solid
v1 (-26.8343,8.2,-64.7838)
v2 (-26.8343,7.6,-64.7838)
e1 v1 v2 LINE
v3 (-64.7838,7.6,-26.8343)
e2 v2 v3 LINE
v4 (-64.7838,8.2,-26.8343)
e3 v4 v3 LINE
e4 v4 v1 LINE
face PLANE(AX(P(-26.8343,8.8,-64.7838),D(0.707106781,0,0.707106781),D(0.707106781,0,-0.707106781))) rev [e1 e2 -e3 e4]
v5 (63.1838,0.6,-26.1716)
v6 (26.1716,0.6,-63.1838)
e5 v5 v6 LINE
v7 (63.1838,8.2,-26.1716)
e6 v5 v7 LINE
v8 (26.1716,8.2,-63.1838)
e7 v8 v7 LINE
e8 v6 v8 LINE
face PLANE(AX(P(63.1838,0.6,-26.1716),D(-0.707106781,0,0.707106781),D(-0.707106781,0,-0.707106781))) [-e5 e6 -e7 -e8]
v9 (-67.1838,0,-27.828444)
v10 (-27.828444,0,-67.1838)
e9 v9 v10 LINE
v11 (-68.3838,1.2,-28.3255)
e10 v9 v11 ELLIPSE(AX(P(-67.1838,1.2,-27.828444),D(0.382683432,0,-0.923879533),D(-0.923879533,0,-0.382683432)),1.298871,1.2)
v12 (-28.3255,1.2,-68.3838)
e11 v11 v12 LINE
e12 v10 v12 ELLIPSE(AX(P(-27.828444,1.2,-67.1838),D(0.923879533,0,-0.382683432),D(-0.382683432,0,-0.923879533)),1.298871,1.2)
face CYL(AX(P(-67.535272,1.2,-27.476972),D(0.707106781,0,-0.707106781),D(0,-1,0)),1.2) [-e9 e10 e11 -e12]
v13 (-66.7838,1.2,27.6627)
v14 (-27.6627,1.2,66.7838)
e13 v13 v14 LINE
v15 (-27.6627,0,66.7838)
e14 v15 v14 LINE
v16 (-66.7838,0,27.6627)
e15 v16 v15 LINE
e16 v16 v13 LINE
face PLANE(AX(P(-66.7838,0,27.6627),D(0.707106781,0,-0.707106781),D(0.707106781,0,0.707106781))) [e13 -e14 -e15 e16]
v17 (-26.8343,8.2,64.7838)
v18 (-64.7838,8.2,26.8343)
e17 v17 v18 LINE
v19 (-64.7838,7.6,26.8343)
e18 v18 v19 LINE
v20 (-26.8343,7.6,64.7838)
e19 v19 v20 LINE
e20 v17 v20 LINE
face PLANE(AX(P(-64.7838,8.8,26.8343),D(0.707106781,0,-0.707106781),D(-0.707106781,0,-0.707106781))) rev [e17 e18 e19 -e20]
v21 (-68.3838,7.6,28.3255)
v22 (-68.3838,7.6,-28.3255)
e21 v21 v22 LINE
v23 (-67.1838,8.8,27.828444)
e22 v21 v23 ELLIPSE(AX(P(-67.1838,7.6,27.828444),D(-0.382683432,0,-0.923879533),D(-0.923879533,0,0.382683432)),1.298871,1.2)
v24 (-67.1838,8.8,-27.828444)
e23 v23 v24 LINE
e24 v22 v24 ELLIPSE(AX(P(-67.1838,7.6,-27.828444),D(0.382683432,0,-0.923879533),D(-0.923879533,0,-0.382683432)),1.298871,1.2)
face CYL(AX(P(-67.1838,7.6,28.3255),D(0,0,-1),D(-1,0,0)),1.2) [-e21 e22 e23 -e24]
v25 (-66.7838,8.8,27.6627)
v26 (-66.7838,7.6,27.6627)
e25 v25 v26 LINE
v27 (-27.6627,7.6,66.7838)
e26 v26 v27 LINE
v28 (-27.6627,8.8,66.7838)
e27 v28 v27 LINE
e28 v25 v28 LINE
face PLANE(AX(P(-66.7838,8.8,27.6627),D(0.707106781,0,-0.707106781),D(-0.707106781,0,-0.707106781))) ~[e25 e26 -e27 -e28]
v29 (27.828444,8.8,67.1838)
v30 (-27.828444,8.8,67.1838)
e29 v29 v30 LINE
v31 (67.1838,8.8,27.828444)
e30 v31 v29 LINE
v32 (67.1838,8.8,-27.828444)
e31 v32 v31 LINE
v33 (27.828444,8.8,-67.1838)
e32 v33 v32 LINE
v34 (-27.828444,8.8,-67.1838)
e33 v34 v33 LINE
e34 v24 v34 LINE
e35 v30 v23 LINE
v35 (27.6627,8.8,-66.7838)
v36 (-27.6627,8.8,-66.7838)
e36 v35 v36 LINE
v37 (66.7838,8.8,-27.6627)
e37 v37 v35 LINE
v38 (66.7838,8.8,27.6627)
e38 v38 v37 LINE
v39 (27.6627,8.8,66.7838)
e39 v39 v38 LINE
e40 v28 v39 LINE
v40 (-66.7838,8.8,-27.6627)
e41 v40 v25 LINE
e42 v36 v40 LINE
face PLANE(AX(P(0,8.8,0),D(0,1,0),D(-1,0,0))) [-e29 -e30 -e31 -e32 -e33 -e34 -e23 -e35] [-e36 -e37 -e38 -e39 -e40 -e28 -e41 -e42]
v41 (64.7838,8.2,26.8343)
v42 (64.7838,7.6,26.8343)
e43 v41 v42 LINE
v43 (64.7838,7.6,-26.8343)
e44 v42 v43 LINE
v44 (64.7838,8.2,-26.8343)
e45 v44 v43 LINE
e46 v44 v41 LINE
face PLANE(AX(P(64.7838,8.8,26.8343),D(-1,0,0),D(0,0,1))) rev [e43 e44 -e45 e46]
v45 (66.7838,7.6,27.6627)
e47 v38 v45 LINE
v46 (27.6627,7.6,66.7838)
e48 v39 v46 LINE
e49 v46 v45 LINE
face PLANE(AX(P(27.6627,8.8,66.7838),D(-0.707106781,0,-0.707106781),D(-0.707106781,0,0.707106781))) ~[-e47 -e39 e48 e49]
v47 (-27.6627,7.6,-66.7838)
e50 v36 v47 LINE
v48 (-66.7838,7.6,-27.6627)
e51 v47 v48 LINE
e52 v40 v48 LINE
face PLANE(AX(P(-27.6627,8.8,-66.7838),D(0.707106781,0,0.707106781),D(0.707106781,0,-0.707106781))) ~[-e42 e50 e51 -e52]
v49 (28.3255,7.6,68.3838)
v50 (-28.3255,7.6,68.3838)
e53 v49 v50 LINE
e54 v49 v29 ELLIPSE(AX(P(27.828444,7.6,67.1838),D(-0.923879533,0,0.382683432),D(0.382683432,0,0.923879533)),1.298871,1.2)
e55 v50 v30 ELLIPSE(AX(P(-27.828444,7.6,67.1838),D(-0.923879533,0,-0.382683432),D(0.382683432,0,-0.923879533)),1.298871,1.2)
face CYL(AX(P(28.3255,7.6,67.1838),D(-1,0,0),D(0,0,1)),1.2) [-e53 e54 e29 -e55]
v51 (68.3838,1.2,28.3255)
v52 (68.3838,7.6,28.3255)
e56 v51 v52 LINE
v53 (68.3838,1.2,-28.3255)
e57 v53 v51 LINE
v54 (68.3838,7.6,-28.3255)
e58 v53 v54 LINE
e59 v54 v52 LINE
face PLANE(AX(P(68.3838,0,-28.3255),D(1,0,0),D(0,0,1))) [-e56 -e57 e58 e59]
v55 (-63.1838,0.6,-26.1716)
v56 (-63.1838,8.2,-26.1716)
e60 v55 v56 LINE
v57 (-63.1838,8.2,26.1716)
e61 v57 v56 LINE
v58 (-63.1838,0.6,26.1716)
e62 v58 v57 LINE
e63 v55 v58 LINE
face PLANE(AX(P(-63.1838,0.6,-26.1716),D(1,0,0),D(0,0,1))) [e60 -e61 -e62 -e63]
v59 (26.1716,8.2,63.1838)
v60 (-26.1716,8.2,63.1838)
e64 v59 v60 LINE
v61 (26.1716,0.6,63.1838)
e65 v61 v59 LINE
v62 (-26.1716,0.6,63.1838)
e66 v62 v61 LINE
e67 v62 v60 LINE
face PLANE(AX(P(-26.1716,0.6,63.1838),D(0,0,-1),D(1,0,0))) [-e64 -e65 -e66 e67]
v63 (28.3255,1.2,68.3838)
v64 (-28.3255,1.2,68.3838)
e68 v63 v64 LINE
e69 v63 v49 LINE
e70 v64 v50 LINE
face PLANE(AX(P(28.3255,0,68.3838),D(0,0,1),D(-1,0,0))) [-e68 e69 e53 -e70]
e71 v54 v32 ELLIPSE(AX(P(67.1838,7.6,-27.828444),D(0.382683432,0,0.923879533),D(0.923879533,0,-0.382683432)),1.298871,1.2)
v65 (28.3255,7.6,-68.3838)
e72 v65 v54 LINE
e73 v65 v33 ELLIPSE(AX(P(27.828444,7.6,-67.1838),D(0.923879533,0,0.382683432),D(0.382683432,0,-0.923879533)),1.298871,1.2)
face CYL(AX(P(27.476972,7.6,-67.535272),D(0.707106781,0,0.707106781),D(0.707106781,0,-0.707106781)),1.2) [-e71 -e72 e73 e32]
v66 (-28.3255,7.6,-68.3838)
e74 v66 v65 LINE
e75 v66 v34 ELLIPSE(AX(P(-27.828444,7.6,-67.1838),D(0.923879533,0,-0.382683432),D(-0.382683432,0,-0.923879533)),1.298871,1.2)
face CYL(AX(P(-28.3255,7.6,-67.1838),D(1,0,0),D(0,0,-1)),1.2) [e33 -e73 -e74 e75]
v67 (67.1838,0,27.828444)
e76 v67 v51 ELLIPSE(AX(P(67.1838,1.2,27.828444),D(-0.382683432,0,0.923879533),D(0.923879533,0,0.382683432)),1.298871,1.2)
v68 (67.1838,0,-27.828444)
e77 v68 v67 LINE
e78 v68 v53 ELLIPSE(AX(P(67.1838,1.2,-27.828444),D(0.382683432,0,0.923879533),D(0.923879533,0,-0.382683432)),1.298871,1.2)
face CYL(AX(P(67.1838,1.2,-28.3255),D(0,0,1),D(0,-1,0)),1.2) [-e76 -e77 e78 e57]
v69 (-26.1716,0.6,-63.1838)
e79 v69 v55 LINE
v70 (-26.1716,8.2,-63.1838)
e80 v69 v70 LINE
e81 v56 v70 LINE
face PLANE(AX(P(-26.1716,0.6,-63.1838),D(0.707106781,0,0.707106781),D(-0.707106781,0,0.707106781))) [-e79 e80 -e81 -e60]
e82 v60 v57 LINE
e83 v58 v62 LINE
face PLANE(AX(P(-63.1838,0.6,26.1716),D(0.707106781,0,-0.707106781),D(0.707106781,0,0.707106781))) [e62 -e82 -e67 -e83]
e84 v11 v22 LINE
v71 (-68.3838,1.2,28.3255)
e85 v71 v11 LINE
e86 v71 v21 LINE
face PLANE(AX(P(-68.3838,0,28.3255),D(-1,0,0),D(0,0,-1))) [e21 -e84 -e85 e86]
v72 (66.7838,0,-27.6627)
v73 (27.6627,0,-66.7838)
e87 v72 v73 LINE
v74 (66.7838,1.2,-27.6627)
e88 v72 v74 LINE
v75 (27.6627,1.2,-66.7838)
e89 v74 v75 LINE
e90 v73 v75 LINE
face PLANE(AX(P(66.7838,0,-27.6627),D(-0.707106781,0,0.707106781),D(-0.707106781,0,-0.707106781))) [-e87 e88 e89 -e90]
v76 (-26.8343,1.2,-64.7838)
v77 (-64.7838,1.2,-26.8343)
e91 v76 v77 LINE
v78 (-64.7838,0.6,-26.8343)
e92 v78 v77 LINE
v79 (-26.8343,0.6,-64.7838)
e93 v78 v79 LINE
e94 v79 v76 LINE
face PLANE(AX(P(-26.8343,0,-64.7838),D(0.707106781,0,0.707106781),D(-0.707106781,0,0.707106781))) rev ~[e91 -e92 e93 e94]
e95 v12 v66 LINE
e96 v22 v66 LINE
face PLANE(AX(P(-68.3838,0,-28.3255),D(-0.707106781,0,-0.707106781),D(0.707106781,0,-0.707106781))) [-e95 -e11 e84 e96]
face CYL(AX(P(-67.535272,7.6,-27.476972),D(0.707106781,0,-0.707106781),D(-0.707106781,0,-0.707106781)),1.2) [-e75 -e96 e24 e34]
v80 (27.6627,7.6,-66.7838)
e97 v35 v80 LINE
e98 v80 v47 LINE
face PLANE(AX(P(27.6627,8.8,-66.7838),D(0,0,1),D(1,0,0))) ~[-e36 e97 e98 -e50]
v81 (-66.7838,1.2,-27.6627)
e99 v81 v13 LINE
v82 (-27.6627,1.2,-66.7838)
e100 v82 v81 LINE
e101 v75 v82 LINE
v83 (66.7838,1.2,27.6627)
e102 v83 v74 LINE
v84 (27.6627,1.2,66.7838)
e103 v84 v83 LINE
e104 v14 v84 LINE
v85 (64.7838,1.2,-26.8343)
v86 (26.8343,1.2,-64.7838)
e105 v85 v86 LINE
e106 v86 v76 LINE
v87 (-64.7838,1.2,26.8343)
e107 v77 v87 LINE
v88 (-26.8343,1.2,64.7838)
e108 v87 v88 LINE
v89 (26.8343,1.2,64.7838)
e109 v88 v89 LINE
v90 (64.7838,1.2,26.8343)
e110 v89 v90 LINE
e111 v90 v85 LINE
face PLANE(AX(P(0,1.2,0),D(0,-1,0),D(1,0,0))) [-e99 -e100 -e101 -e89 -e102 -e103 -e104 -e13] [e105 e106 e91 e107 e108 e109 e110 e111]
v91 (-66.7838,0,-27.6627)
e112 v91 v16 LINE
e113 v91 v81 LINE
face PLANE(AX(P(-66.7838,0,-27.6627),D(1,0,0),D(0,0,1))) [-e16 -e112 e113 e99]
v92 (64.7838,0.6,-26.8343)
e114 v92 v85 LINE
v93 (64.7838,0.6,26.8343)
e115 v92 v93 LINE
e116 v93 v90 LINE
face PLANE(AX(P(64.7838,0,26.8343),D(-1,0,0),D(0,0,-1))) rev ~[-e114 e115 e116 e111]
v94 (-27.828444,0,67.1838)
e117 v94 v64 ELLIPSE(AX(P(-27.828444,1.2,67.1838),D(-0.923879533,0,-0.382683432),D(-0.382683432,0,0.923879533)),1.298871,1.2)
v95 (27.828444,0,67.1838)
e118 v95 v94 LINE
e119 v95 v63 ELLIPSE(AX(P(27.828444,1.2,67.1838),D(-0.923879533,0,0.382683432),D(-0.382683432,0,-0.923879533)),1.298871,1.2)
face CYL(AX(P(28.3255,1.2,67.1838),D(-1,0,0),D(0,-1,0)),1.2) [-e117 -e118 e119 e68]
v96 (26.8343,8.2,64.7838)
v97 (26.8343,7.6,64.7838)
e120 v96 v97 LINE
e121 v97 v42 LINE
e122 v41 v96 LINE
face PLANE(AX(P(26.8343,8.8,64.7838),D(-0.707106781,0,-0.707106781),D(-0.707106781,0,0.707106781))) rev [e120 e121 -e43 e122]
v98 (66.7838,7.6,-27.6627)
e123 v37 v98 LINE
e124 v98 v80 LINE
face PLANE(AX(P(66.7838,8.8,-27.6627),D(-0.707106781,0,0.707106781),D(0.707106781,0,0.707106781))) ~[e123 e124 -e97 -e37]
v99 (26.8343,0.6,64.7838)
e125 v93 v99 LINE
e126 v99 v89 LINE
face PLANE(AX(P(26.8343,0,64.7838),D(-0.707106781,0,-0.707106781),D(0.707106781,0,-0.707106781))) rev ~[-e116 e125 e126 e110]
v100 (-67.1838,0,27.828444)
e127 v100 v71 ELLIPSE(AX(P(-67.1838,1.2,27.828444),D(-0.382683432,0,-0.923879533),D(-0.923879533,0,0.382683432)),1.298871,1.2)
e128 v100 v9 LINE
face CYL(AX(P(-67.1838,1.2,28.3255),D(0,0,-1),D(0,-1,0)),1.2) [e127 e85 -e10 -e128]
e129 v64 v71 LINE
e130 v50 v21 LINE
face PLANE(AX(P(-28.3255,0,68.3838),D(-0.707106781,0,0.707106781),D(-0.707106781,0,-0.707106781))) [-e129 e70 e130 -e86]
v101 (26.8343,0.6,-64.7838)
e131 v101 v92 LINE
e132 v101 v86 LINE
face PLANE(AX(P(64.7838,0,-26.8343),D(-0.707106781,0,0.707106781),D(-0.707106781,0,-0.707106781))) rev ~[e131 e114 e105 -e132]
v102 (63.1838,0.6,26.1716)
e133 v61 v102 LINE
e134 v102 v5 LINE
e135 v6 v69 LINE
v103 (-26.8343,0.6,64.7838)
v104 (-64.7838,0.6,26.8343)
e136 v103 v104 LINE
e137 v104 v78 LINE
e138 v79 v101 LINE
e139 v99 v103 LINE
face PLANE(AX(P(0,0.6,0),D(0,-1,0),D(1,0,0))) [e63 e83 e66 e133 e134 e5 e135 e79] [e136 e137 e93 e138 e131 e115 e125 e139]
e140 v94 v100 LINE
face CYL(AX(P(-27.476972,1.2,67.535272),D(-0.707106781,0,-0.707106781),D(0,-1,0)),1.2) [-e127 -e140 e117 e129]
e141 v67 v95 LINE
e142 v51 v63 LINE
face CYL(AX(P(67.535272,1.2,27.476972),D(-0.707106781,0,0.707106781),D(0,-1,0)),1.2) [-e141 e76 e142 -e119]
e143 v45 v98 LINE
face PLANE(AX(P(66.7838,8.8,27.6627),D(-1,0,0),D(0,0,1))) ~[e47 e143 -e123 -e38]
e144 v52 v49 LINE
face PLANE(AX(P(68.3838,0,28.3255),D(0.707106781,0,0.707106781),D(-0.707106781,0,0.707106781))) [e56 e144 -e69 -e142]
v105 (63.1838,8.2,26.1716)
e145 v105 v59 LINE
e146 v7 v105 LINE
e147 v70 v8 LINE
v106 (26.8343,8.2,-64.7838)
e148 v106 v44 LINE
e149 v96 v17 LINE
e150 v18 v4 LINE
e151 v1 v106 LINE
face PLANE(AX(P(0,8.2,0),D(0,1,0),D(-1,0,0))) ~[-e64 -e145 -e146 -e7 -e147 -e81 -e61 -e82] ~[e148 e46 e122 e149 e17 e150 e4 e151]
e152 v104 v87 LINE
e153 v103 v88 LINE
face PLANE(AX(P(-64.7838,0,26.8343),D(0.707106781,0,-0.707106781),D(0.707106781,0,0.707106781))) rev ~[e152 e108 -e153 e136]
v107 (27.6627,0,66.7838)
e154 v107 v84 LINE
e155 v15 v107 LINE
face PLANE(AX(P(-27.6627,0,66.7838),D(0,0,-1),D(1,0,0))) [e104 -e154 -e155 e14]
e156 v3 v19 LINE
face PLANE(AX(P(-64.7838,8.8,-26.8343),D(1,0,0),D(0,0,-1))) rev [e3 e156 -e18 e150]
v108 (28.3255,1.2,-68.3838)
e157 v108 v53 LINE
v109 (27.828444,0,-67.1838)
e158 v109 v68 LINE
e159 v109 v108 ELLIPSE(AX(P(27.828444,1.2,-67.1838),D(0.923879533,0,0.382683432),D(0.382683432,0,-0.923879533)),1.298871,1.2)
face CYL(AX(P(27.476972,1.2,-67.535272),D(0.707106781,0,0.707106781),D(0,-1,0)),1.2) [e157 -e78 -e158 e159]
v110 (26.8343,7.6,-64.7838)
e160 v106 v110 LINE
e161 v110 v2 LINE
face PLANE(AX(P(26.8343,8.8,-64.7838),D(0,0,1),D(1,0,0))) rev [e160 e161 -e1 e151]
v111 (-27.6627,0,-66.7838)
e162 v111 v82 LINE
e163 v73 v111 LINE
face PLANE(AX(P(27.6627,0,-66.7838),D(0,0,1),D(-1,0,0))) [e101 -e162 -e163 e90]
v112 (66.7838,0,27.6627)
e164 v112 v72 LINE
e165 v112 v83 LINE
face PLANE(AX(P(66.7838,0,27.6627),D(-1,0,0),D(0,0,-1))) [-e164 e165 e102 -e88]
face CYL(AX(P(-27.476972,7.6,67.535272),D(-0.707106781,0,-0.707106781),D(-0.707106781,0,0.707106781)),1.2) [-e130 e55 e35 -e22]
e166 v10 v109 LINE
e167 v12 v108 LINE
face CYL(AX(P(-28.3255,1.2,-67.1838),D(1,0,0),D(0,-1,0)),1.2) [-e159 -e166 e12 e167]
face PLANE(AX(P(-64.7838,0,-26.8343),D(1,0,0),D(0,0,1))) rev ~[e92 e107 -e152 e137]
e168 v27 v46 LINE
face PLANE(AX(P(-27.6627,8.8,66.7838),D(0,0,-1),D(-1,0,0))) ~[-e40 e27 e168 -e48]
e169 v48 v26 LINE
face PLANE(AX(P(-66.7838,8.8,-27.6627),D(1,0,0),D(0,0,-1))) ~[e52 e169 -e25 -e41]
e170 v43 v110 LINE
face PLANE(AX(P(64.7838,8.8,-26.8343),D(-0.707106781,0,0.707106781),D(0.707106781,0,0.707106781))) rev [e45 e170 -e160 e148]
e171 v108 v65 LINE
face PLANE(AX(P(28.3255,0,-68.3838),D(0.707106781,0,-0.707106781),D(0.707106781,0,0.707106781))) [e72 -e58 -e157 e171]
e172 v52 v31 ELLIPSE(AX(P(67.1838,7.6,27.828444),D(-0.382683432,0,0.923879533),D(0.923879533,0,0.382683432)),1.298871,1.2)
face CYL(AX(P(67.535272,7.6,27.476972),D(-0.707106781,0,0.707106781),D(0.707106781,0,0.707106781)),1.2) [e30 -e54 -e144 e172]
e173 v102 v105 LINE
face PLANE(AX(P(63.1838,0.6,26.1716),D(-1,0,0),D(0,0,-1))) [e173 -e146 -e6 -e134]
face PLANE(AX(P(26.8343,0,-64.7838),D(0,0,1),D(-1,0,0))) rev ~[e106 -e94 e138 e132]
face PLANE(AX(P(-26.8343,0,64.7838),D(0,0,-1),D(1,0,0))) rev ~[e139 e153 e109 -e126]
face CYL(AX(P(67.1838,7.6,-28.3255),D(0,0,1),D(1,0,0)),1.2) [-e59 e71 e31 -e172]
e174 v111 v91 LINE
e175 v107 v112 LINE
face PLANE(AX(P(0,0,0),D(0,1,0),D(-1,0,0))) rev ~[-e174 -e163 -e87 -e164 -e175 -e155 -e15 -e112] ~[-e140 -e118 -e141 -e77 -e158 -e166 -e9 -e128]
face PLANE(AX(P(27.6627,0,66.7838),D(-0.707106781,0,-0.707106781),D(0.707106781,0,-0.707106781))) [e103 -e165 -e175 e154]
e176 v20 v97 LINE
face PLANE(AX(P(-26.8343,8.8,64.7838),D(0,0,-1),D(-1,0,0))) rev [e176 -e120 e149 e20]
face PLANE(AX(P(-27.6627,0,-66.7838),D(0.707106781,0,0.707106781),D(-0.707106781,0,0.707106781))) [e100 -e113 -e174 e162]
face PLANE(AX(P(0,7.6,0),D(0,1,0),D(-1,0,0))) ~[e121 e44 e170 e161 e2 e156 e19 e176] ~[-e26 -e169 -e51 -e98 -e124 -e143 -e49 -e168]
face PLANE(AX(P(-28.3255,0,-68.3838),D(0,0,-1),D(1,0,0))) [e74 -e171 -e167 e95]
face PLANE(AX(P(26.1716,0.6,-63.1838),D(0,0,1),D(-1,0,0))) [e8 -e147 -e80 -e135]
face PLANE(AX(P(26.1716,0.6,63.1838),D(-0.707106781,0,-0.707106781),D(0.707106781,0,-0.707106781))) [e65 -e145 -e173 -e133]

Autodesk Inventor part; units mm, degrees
ref_plane "YZ Plane" through (0, 0, 0) normal (1, 0, 0) x (0, 1, 0)
ref_plane "XZ Plane" through (0, 0, 0) normal (0, 1, 0) x (-1, 0, 0)
sketch "스케치1" plane through (0, 0, 0) normal (0, 1, 0) x (-1, 0, 0)
  line L0 (-65.1838, 27) -> (-27, 65.1838)
  line L1 (-27, 65.1838) -> (27, 65.1838)
  line L2 (27, 65.1838) -> (65.1838, 27)
  line L3 (65.1838, 27) -> (65.1838, -27)
  line L4 (65.1838, -27) -> (27, -65.1838)
  line L5 (27, -65.1838) -> (-27, -65.1838)
  line L6 (-27, -65.1838) -> (-65.1838, -27)
  line L7 (-65.1838, -27) -> (-65.1838, 27)
  line L8 (68.3838, 28.3255) -> (68.3838, -28.3255)
  line L9 (68.3838, -28.3255) -> (28.3255, -68.3838)
  line L10 (28.3255, -68.3838) -> (-28.3255, -68.3838)
  line L11 (-28.3255, -68.3838) -> (-68.3838, -28.3255)
  line L12 (-68.3838, -28.3255) -> (-68.3838, 28.3255)
  line L13 (-68.3838, 28.3255) -> (-28.3255, 68.3838)
  line L14 (-28.3255, 68.3838) -> (28.3255, 68.3838)
  line L15 (28.3255, 68.3838) -> (68.3838, 28.3255)
  point P0 (0, 0)
  point P1 (0, 0)
  point P2 (0, 0)
  dimension "d0" = 54
  dimension "d1" = 3.2
extrude "돌출1" add sketch "스케치1" along normal blind 8.8 contours L0 L1 L2 L3 L4 L5 L6 L7 | L8 L9 L10 L11 L12 L13 L14 L15
sketch "스케치3" plane through (0, 0, 0) normal (0, -1, 0) x (1, 0, 0)
  line L0 (-26.8343, 64.7838) -> (26.8343, 64.7838)
  line L1 (26.8343, 64.7838) -> (64.7838, 26.8343)
  line L2 (64.7838, 26.8343) -> (64.7838, -26.8343)
  line L3 (64.7838, -26.8343) -> (26.8343, -64.7838)
  line L4 (26.8343, -64.7838) -> (-26.8343, -64.7838)
  line L5 (-26.8343, -64.7838) -> (-64.7838, -26.8343)
  line L6 (-64.7838, -26.8343) -> (-64.7838, 26.8343)
  line L7 (-64.7838, 26.8343) -> (-26.8343, 64.7838)
  line L8 (-27.6627, 66.7838) -> (27.6627, 66.7838)
  line L9 (27.6627, 66.7838) -> (66.7838, 27.6627)
  line L10 (66.7838, 27.6627) -> (66.7838, -27.6627)
  line L11 (66.7838, -27.6627) -> (27.6627, -66.7838)
  line L12 (27.6627, -66.7838) -> (-27.6627, -66.7838)
  line L13 (-27.6627, -66.7838) -> (-66.7838, -27.6627)
  line L14 (-66.7838, -27.6627) -> (-66.7838, 27.6627)
  line L15 (-66.7838, 27.6627) -> (-27.6627, 66.7838)
  line L16 (-28.3255, 68.3838) -> (28.3255, 68.3838) projected
  point P0 (0, 0)
  point P1 (0, 0)
  point P2 (0, 0)
  point P3 (0, 0)
  dimension "d9" = 2
  dimension "d144" = 1.6
extrude "돌출3" cut sketch "스케치3" against normal blind 1.2
sketch "스케치14" plane through (0, 0, 0) normal (0, -1, 0) x (1, 0, 0)
  line L0 (64.7838, 26.8343) -> (26.8343, 64.7838) projected
  line L1 (26.8343, 64.7838) -> (-26.8343, 64.7838) projected
  line L2 (-26.8343, 64.7838) -> (-64.7838, 26.8343) projected
  line L3 (-64.7838, 26.8343) -> (-64.7838, -26.8343) projected
  line L4 (-64.7838, -26.8343) -> (-26.8343, -64.7838) projected
  line L5 (-26.8343, -64.7838) -> (26.8343, -64.7838) projected
  line L6 (26.8343, -64.7838) -> (64.7838, -26.8343) projected
  line L7 (64.7838, -26.8343) -> (64.7838, 26.8343) projected
  point P0 (0, 0)
extrude "돌출16" cut sketch "스케치14" against normal blind 0.6
sketch "스케치15" plane through (0, 0.6, 0) normal (0, -1, 0) x (1, 0, 0)
  line L0 (-26.1716, 63.1838) -> (26.1716, 63.1838)
  line L1 (26.1716, 63.1838) -> (63.1838, 26.1716)
  line L2 (63.1838, 26.1716) -> (63.1838, -26.1716)
  line L3 (63.1838, -26.1716) -> (26.1716, -63.1838)
  line L4 (26.1716, -63.1838) -> (-26.1716, -63.1838)
  line L5 (-26.1716, -63.1838) -> (-63.1838, -26.1716)
  line L6 (-63.1838, -26.1716) -> (-63.1838, 26.1716)
  line L7 (-63.1838, 26.1716) -> (-26.1716, 63.1838)
  line L8 (-26.8343, 64.7838) -> (26.8343, 64.7838) projected
  point P0 (0, 0)
  point P1 (0, 0)
  dimension "d140" = 1.6
extrude "돌출17" cut sketch "스케치15" against normal up to surface (8.2 mm away)
ref_plane "작업 평면3" through (0, 4.4, 0) normal (0, -1, 0) x (1, 0, 0)
mirror "미러6" about plane through (0, 4.4, 0) normal (0, -1, 0) of "돌출3", "돌출16"
fillet "모깎기2" radius 1.2 16 edges at (0, 0, 68.3838) (-48.3546, 0, 48.3546) (-68.3838, 0, 0) (-48.3546, 0, -48.3546) (0, 0, -68.3838) (48.3546, 0, -48.3546) (68.3838, 0, 0) (48.3546, 0, 48.3546) (-48.3546, 8.8, 48.3546) (-68.3838, 8.8, 0) (-48.3546, 8.8, -48.3546) (0, 8.8, -68.3838) (48.3546, 8.8, -48.3546) (68.3838, 8.8, 0) (48.3546, 8.8, 48.3546) (0, 8.8, 68.3838)
properties part number "OV-PAM_ring_2"
